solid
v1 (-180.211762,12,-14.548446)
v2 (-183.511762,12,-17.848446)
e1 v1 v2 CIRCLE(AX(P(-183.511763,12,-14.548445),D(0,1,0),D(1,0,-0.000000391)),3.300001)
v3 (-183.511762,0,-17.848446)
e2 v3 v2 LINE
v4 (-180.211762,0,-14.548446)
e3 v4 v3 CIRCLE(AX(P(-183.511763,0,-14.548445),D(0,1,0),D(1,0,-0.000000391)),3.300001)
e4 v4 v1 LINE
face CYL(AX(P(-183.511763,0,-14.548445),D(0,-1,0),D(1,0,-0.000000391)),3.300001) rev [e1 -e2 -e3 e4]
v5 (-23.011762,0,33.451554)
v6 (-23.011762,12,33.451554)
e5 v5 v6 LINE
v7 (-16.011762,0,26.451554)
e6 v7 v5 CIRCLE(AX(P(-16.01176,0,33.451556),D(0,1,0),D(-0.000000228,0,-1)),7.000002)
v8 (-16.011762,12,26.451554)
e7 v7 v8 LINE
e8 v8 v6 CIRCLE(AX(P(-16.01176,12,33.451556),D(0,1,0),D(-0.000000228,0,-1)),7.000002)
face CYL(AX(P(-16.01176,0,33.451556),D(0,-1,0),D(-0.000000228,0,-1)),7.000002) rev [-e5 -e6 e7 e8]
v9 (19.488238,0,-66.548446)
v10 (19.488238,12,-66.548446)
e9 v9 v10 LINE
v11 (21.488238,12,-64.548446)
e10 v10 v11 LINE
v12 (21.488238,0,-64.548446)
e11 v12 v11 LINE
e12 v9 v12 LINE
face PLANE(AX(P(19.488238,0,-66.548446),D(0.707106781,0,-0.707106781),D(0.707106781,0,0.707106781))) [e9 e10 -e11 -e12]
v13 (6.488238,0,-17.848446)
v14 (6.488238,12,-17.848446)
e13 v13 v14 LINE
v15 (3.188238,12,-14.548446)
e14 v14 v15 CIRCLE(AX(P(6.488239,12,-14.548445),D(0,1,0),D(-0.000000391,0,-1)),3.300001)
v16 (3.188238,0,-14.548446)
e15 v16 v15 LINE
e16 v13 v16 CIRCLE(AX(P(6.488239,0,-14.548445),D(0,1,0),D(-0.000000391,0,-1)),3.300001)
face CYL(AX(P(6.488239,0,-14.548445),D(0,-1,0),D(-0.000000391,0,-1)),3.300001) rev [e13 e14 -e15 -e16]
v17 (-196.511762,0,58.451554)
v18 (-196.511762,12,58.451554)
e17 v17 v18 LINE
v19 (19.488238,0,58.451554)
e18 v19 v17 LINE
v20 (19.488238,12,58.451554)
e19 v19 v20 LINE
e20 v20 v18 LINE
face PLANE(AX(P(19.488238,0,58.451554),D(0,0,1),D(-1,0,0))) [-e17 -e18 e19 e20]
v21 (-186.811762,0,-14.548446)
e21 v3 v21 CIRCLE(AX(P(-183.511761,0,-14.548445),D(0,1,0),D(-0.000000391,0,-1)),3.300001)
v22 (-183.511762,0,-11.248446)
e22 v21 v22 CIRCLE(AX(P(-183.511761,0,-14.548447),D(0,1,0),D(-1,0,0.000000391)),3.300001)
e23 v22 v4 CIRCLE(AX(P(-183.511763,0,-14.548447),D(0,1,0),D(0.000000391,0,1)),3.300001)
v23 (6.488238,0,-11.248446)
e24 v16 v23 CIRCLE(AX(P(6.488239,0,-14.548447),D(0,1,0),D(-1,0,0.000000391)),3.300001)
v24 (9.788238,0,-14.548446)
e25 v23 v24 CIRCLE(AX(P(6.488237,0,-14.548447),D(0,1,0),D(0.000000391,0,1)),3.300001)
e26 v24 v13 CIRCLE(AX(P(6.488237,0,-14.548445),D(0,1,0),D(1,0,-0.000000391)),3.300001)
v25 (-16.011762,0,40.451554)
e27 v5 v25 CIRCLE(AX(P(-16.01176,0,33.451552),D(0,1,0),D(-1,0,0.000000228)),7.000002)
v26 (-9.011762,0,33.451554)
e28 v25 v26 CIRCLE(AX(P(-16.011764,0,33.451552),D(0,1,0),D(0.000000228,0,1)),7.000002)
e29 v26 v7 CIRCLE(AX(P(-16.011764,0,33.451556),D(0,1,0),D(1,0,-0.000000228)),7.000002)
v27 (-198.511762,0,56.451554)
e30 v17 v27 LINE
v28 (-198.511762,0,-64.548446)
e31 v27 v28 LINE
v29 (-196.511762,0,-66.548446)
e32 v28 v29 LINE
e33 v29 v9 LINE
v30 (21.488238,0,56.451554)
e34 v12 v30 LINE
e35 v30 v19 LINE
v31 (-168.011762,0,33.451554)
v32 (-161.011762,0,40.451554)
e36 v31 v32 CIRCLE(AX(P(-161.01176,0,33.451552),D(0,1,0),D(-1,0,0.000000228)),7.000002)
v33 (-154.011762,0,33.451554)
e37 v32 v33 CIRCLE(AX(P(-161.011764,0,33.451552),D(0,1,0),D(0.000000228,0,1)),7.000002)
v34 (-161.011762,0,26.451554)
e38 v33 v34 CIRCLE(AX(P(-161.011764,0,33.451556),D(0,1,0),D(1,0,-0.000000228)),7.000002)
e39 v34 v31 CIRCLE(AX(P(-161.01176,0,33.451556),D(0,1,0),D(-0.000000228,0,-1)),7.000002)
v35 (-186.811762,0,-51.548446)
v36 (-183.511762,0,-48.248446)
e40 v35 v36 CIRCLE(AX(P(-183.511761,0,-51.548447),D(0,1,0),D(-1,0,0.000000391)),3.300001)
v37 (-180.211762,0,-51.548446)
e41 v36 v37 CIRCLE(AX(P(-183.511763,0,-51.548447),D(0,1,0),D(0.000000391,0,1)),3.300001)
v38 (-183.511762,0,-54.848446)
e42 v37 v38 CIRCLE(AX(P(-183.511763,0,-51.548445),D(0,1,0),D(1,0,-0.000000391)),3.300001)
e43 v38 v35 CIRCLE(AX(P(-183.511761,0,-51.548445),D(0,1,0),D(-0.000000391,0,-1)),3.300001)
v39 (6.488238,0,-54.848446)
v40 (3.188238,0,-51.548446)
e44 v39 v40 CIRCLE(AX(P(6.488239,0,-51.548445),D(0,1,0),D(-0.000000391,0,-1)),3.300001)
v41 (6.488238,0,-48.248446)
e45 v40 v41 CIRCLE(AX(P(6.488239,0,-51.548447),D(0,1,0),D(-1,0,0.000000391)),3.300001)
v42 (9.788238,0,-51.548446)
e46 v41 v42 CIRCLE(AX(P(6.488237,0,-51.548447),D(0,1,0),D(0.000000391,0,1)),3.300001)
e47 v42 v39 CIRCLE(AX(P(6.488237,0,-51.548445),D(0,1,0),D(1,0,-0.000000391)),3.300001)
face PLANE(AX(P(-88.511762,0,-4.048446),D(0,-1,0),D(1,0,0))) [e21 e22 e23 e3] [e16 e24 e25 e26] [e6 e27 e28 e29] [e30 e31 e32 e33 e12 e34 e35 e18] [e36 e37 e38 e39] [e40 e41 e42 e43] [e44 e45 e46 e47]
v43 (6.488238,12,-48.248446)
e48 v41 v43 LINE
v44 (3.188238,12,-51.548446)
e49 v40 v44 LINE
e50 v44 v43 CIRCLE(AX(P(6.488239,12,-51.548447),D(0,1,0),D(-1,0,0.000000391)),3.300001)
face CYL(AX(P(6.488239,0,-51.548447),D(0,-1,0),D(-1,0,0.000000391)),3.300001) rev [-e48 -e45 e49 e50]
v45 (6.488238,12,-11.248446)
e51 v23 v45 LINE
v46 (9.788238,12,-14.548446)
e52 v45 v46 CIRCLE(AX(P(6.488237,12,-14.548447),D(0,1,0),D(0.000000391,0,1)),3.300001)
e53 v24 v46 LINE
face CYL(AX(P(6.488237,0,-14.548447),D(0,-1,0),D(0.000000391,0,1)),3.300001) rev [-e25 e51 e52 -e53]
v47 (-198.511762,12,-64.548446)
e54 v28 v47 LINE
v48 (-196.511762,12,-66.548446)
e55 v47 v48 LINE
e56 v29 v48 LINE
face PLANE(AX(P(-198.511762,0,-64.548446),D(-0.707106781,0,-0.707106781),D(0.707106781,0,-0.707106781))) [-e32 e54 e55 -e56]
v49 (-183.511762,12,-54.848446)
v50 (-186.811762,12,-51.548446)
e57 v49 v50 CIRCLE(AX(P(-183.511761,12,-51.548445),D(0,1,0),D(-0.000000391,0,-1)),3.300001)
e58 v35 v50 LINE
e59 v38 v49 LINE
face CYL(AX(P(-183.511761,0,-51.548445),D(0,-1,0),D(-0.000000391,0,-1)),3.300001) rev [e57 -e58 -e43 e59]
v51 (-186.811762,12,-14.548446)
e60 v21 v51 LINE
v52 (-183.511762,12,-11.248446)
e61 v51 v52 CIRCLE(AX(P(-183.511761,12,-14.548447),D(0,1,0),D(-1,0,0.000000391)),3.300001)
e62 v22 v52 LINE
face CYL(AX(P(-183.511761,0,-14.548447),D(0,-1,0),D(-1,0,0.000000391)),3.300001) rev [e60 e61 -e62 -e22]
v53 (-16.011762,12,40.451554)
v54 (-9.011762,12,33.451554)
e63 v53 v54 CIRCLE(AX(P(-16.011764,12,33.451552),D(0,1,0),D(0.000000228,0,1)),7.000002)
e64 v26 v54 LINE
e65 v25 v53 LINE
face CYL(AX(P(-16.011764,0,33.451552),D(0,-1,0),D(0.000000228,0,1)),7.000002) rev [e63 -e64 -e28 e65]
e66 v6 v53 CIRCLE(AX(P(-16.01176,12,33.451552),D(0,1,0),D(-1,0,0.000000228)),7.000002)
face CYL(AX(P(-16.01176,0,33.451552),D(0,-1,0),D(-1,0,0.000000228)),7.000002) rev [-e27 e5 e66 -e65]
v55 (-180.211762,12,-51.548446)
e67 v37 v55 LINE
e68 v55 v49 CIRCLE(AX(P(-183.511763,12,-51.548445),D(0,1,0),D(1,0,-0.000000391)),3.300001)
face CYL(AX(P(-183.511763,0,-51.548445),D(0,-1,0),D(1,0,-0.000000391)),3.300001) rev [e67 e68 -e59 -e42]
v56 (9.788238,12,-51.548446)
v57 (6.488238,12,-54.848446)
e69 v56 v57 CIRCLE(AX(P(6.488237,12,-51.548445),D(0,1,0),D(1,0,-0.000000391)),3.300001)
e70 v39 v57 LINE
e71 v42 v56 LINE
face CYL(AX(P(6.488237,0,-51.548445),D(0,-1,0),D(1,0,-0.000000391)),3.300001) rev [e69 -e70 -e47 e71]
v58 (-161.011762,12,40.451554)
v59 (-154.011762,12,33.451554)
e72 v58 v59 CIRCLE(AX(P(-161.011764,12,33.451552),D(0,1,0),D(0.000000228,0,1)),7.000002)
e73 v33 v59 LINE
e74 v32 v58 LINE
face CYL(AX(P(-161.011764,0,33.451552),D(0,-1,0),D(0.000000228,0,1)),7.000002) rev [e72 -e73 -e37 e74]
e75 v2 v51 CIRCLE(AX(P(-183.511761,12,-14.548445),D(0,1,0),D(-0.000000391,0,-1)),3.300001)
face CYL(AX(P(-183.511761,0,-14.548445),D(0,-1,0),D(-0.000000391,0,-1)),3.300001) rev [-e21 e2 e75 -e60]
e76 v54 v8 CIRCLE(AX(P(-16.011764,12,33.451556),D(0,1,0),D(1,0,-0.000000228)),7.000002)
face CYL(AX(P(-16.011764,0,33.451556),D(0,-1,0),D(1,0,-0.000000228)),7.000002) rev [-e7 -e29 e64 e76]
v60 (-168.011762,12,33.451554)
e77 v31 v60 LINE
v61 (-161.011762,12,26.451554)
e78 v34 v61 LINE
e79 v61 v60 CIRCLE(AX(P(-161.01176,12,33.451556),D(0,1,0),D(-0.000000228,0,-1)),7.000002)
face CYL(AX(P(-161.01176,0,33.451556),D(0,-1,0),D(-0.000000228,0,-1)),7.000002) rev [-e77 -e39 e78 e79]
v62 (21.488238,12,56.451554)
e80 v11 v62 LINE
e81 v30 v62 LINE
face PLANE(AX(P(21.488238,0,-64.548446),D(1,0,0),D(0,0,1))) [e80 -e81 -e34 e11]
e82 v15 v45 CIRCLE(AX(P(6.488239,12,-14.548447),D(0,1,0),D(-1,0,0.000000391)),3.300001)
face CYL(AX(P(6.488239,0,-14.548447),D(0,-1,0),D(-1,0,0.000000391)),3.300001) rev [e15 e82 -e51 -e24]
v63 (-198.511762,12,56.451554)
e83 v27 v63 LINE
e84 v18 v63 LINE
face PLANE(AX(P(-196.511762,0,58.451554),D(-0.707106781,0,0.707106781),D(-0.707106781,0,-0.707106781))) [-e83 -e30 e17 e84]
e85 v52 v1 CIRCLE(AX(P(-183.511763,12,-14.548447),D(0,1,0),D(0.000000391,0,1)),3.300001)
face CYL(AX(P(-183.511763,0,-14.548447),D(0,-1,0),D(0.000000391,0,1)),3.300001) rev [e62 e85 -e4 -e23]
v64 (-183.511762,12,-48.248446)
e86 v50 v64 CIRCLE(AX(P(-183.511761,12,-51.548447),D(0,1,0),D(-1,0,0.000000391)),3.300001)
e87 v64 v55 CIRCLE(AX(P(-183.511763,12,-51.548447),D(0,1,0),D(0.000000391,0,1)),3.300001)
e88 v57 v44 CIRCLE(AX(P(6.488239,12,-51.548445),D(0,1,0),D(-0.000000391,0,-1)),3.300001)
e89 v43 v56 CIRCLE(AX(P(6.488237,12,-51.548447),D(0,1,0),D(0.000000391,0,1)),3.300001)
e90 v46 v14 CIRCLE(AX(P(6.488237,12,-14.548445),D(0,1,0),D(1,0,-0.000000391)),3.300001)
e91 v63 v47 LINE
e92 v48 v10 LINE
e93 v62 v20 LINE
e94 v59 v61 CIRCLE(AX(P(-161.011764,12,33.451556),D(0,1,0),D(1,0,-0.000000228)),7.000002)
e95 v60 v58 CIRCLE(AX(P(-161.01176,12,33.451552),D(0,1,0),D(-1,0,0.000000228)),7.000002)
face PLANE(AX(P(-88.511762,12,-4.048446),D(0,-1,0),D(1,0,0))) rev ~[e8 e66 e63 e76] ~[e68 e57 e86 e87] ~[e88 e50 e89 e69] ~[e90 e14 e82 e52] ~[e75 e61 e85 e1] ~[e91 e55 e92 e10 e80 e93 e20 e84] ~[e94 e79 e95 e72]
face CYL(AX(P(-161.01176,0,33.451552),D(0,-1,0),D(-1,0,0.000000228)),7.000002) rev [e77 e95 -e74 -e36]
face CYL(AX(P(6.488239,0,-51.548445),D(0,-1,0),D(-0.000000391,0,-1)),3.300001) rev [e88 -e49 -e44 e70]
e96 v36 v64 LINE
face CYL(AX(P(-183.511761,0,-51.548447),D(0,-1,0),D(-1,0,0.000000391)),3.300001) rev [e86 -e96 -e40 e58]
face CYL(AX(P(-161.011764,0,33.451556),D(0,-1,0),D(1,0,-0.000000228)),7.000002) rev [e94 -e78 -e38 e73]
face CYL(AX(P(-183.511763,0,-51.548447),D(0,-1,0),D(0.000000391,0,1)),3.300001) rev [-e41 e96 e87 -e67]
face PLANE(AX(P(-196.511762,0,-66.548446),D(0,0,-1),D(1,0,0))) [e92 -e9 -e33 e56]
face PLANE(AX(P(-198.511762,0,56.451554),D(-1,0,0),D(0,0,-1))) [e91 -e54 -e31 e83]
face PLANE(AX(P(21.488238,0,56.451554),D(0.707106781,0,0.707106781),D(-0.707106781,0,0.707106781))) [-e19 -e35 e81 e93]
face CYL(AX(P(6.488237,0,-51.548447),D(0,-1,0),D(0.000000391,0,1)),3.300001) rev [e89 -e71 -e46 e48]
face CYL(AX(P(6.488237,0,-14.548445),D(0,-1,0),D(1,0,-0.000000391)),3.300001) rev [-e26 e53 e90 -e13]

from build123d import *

# Parameters (mm, degrees)
F1_DEPTH = 12


with BuildPart() as f1:
    # F0 (on Front) → F1 (new body)
    with BuildSketch(Plane.XZ):
        Polygon((-196.511762, -66.548446), (19.488238, -66.548446), (21.488238, -64.548446), (21.488238, 56.451554), (19.488238, 58.451554), (-196.511762, 58.451554), (-198.511762, 56.451554), (-198.511762, -64.548446), align=None)
        with BuildLine():
            ThreePointArc((-186.811762, -51.548446), (-185.845214, -49.214994), (-183.511762, -48.248446))
            ThreePointArc((-183.511762, -48.248446), (-181.17831, -49.214994), (-180.211762, -51.548446))
            ThreePointArc((-180.211762, -51.548446), (-181.17831, -53.881898), (-183.511762, -54.848446))
            ThreePointArc((-183.511762, -54.848446), (-185.845214, -53.881898), (-186.811762, -51.548446))
        make_face(mode=Mode.SUBTRACT)
        with BuildLine():
            ThreePointArc((-180.211762, -14.548446), (-181.17831, -16.881898), (-183.511762, -17.848446))
            ThreePointArc((-183.511762, -17.848446), (-185.845214, -16.881898), (-186.811762, -14.548446))
            ThreePointArc((-186.811762, -14.548446), (-185.845214, -12.214994), (-183.511762, -11.248446))
            ThreePointArc((-183.511762, -11.248446), (-181.17831, -12.214994), (-180.211762, -14.548446))
        make_face(mode=Mode.SUBTRACT)
        with BuildLine():
            ThreePointArc((3.188238, -51.548446), (4.154786, -49.214994), (6.488238, -48.248446))
            ThreePointArc((6.488238, -48.248446), (8.82169, -49.214994), (9.788238, -51.548446))
            ThreePointArc((9.788238, -51.548446), (8.82169, -53.881898), (6.488238, -54.848446))
            ThreePointArc((6.488238, -54.848446), (4.154786, -53.881898), (3.188238, -51.548446))
        make_face(mode=Mode.SUBTRACT)
        with BuildLine():
            ThreePointArc((6.488238, -17.848446), (4.154786, -16.881898), (3.188238, -14.548446))
            ThreePointArc((3.188238, -14.548446), (4.154786, -12.214994), (6.488238, -11.248446))
            ThreePointArc((6.488238, -11.248446), (8.82169, -12.214994), (9.788238, -14.548446))
            ThreePointArc((9.788238, -14.548446), (8.82169, -16.881898), (6.488238, -17.848446))
        make_face(mode=Mode.SUBTRACT)
        with BuildLine():
            ThreePointArc((-161.011762, 40.451554), (-156.062015, 38.401301), (-154.011762, 33.451554))
            ThreePointArc((-154.011762, 33.451554), (-156.062015, 28.501807), (-161.011762, 26.451554))
            ThreePointArc((-161.011762, 26.451554), (-165.961509, 28.501807), (-168.011762, 33.451554))
            ThreePointArc((-168.011762, 33.451554), (-165.961509, 38.401301), (-161.011762, 40.451554))
        make_face(mode=Mode.SUBTRACT)
        with BuildLine():
            ThreePointArc((-16.011762, 40.451554), (-11.062015, 38.401301), (-9.011762, 33.451554))
            ThreePointArc((-9.011762, 33.451554), (-11.062015, 28.501807), (-16.011762, 26.451554))
            ThreePointArc((-16.011762, 26.451554), (-20.961509, 28.501807), (-23.011762, 33.451554))
            ThreePointArc((-23.011762, 33.451554), (-20.961509, 38.401301), (-16.011762, 40.451554))
        make_face(mode=Mode.SUBTRACT)
    extrude(amount=-F1_DEPTH)


solid = f1.part
